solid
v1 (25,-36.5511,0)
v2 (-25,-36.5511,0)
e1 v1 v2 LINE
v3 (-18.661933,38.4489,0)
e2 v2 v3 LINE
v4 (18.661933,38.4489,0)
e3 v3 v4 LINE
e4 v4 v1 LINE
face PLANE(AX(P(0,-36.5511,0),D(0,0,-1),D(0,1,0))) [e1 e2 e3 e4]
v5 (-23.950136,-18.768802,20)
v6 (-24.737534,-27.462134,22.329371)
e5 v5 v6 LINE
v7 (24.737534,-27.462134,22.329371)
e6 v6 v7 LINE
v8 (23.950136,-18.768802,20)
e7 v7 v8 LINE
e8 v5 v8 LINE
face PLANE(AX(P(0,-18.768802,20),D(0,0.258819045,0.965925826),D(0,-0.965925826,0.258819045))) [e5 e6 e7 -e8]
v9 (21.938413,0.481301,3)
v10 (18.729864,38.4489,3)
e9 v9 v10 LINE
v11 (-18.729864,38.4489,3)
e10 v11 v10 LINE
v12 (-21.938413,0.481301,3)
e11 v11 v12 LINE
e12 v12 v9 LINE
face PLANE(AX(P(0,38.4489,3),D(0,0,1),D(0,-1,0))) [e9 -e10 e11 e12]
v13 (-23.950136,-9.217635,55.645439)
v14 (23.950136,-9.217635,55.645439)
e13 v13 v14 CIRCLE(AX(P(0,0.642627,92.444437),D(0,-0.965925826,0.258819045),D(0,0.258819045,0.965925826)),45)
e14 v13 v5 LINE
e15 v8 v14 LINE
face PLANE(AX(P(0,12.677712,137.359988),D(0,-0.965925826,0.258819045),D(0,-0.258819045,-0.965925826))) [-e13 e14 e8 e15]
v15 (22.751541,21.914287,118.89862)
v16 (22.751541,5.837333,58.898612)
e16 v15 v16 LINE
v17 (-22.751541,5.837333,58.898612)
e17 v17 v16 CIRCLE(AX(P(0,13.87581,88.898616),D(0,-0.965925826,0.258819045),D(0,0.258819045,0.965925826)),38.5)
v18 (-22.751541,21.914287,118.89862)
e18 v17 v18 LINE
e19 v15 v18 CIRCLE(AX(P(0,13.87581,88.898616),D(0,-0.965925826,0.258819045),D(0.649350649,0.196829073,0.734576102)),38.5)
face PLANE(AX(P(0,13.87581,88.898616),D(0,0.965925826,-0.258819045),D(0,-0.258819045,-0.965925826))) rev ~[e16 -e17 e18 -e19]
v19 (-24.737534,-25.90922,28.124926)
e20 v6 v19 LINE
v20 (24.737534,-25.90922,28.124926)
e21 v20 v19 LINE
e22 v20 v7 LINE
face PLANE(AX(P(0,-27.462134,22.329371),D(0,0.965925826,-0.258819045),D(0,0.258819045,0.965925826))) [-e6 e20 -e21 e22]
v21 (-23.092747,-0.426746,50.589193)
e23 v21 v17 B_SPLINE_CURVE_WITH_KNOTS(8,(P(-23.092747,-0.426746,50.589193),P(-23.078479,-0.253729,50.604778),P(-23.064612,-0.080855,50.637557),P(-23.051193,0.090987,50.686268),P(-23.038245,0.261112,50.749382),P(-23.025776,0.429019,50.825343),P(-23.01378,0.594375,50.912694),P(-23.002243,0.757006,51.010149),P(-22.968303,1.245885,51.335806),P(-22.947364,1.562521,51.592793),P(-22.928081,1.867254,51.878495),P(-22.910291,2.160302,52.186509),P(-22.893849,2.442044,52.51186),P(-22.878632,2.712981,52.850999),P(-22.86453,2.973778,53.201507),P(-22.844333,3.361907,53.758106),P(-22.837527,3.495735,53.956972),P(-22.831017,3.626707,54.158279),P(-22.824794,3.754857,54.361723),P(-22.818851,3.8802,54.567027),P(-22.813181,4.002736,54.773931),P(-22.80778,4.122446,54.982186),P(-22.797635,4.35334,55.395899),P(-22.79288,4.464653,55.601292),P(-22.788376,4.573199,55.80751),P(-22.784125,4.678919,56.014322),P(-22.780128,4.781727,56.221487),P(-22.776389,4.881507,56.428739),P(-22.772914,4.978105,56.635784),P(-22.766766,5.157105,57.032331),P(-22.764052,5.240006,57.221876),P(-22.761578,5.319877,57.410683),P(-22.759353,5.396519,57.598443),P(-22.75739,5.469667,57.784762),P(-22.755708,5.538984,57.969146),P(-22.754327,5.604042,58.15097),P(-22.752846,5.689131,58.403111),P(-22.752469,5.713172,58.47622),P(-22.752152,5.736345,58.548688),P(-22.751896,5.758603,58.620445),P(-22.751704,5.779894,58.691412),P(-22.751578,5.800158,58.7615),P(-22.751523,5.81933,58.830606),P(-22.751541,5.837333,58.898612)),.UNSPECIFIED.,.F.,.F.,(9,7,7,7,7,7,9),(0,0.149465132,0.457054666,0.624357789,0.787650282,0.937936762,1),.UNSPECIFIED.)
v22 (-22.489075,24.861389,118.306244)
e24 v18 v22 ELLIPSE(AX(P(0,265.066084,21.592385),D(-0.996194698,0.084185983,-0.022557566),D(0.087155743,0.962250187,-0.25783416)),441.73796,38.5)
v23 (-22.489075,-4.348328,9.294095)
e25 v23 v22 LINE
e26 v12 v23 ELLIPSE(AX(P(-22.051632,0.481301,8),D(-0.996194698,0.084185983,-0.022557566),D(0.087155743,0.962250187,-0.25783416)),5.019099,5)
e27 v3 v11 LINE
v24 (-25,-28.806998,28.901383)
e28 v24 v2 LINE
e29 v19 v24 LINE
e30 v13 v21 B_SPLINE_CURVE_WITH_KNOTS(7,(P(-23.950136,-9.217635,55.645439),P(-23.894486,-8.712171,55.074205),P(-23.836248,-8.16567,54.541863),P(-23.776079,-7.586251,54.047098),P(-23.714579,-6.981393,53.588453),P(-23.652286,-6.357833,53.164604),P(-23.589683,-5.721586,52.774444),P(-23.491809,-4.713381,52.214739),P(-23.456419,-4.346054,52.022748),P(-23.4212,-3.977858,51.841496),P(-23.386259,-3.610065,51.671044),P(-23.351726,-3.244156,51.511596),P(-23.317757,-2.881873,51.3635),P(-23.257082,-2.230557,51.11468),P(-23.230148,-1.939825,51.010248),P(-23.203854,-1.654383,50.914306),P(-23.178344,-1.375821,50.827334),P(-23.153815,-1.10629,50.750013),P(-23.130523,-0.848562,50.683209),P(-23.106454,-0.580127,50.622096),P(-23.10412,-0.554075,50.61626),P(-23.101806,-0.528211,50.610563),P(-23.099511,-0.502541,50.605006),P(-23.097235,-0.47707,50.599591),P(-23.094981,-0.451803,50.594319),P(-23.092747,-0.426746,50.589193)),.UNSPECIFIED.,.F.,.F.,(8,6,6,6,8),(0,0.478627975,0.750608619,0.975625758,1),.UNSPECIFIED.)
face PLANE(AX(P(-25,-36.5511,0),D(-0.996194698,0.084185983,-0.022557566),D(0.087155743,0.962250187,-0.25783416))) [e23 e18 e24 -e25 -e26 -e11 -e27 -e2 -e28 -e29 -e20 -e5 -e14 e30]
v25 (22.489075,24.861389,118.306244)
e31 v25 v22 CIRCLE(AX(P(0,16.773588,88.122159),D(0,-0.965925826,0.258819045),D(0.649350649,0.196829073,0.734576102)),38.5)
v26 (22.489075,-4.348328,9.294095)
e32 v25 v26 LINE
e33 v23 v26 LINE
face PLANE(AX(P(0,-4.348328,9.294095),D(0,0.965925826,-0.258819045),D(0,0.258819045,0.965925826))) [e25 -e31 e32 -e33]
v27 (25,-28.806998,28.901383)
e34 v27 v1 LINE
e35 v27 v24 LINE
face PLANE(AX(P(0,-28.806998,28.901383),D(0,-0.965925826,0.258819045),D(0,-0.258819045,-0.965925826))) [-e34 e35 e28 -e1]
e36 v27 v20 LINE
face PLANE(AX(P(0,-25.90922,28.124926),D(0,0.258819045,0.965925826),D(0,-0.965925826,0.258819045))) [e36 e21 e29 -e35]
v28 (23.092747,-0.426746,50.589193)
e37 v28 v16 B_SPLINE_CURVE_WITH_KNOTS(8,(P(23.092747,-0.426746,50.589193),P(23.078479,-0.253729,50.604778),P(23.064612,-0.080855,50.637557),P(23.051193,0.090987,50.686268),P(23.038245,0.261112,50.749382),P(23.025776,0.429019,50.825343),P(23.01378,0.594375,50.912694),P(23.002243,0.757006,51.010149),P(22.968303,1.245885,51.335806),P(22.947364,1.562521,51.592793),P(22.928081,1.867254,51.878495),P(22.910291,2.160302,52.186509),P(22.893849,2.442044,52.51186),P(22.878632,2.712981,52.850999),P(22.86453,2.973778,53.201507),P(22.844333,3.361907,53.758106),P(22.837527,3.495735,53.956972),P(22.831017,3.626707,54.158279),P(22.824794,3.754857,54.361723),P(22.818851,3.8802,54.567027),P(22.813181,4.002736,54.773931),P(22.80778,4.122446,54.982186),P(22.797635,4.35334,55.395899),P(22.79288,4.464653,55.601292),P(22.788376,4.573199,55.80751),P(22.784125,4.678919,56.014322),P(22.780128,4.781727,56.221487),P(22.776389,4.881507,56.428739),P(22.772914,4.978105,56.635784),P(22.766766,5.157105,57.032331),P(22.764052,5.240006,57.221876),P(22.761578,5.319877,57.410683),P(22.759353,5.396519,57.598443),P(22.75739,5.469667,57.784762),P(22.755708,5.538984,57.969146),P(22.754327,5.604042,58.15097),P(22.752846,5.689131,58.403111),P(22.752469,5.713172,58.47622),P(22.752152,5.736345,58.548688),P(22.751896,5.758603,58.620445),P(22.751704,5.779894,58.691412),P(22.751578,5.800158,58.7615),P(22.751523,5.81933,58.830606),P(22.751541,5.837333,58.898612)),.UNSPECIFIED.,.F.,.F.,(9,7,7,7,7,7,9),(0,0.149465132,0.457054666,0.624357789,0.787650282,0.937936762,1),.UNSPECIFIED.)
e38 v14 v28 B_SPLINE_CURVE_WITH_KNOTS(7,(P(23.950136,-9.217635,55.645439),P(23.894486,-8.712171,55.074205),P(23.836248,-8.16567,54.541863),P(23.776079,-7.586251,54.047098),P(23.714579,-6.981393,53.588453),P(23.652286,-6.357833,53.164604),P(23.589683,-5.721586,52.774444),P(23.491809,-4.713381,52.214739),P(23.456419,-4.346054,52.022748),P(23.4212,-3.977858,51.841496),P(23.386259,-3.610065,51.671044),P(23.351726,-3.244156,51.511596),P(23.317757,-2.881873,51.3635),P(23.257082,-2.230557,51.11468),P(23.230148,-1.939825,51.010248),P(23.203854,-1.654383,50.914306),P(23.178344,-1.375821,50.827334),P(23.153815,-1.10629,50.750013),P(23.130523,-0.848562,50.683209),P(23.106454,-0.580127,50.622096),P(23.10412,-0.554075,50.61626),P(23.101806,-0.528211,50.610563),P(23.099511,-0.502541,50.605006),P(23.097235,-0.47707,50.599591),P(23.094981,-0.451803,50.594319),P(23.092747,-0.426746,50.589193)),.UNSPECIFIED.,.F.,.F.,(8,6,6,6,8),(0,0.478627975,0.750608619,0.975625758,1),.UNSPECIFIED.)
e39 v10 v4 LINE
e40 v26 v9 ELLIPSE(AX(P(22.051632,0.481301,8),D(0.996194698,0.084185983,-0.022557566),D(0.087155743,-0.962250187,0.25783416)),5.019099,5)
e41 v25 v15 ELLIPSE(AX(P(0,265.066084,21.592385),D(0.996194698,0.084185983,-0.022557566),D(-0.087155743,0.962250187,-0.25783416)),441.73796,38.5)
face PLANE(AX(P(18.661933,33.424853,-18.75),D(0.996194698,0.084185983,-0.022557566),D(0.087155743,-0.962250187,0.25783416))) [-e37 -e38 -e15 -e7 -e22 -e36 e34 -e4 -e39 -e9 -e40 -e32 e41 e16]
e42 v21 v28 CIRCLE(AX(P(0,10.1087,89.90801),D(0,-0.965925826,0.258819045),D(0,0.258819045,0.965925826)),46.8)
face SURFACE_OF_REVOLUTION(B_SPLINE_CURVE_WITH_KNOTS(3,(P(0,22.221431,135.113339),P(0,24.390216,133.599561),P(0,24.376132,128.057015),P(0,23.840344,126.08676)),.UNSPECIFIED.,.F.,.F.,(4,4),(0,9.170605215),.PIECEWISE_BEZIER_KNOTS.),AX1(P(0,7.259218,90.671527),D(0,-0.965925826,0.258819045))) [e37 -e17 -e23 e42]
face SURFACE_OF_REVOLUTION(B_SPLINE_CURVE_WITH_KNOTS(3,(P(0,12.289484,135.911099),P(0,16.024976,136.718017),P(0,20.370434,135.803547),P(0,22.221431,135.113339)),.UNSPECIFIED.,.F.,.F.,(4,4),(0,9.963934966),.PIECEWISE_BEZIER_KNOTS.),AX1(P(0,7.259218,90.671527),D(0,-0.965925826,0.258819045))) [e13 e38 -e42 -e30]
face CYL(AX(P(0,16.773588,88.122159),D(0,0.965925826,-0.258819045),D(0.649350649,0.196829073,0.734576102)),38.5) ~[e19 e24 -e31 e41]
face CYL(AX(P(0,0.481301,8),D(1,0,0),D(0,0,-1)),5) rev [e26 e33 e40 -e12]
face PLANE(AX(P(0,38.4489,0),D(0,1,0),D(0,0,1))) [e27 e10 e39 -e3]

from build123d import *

# Parameters (mm, degrees)
F1_DEPTH = 25
F5_DEPTH = 16.7
F8_DEPTH = 141.2028865991


with BuildPart() as f1:
    # F0 (on Right) → F1 (new body, symmetric)
    with BuildSketch(Plane.YZ):
        with BuildLine():
            Line((-36.5510998701, 0), (38.4489001299, 0))
            Line((38.4489001299, 0), (38.4489001299, 3))
            Line((38.4489001299, 3), (0.4813009491, 3))
            ThreePointArc((0.4813009491, 3), (-3.4854657523, 4.956192855), (-4.3483281823, 9.2940952255))
            Line((-4.3483281823, 9.2940952255), (28.8086734224, 133.0377098409))
            Line((28.8086734224, 133.0377098409), (12.6777121234, 137.3599878941))
            Line((12.6777121234, 137.3599878941), (-18.7688018566, 20))
            Line((-18.7688018566, 20), (-27.4621342932, 22.3293714059))
            Line((-27.4621342932, 22.3293714059), (-25.9092200226, 28.1249263637))
            Line((-25.9092200226, 28.1249263637), (-28.8069975014, 28.901383499))
            Line((-28.8069975014, 28.901383499), (-36.5510998701, 0))
        make_face()
    extrude(amount=F1_DEPTH, both=True)

    # F2 (on Right) → F3 (revolve, cut)
    with BuildSketch(Plane.YZ):
        with BuildLine():
            Line((12.2894835557, 135.9110991547), (0.6426265261, 92.4444369717))
            Line((0.6426265261, 92.4444369717), (13.8758103463, 88.8986160538))
            Line((13.8758103463, 88.8986160538), (23.8403435827, 126.0867603659))
            add(Edge.make_bspline(
                [(22.2214309345, 135.113339), (24.3902161666, 133.5995613693), (24.376132241, 128.0570148586), (23.8403435827, 126.0867603659)],
                knots=[0, 0, 0, 0, 9.1706052145, 9.1706052145, 9.1706052145, 9.1706052145], degree=3))
            add(Edge.make_bspline(
                [(12.2894835557, 135.9110991547), (16.0249762186, 136.7180167793), (20.3704343359, 135.803547418), (22.2214309345, 135.113339)],
                knots=[0, 0, 0, 0, 9.9639349657, 9.9639349657, 9.9639349657, 9.9639349657], degree=3))
        make_face()
    revolve(axis=Axis((0, 7.2592184362, 90.6715265127), (0, -0.9659258263, 0.2588190451)), mode=Mode.SUBTRACT)

    # F4 (on face) → F5 (cut, through all)
    with BuildSketch(Plane(origin=(0, -6.3805692325, 1.7096683731), x_dir=(-1, 0, 0), z_dir=(0, 0.9659258263, -0.2588190451))):
        with BuildLine():
            ThreePointArc((-25, 118.7396250955), (0, 127.9607931515), (25, 118.7396250955))
            Line((25, 118.7396250955), (25, 135.9607931515))
            Line((25, 135.9607931515), (-25, 135.9607931515))
            Line((-25, 135.9607931515), (-25, 118.7396250955))
        make_face()
    extrude(amount=-F5_DEPTH, mode=Mode.SUBTRACT)

    # F7 (on face) → F8 (cut, through all)
    with BuildSketch(Plane(origin=(0, -2.4484594232, -9.1377749675), x_dir=(1, 0, 0), z_dir=(0, 0.2588190451, 0.9659258263))):
        Polygon((-25, 37.1387856279), (-25, -35.3056513438), (-18.6619330295, 37.1387856279), align=None)
        Polygon((18.6619330295, 37.1387856279), (25, -35.3056513438), (25, 37.1387856279), align=None)
    extrude(amount=F8_DEPTH, mode=Mode.SUBTRACT)


solid = f1.part
